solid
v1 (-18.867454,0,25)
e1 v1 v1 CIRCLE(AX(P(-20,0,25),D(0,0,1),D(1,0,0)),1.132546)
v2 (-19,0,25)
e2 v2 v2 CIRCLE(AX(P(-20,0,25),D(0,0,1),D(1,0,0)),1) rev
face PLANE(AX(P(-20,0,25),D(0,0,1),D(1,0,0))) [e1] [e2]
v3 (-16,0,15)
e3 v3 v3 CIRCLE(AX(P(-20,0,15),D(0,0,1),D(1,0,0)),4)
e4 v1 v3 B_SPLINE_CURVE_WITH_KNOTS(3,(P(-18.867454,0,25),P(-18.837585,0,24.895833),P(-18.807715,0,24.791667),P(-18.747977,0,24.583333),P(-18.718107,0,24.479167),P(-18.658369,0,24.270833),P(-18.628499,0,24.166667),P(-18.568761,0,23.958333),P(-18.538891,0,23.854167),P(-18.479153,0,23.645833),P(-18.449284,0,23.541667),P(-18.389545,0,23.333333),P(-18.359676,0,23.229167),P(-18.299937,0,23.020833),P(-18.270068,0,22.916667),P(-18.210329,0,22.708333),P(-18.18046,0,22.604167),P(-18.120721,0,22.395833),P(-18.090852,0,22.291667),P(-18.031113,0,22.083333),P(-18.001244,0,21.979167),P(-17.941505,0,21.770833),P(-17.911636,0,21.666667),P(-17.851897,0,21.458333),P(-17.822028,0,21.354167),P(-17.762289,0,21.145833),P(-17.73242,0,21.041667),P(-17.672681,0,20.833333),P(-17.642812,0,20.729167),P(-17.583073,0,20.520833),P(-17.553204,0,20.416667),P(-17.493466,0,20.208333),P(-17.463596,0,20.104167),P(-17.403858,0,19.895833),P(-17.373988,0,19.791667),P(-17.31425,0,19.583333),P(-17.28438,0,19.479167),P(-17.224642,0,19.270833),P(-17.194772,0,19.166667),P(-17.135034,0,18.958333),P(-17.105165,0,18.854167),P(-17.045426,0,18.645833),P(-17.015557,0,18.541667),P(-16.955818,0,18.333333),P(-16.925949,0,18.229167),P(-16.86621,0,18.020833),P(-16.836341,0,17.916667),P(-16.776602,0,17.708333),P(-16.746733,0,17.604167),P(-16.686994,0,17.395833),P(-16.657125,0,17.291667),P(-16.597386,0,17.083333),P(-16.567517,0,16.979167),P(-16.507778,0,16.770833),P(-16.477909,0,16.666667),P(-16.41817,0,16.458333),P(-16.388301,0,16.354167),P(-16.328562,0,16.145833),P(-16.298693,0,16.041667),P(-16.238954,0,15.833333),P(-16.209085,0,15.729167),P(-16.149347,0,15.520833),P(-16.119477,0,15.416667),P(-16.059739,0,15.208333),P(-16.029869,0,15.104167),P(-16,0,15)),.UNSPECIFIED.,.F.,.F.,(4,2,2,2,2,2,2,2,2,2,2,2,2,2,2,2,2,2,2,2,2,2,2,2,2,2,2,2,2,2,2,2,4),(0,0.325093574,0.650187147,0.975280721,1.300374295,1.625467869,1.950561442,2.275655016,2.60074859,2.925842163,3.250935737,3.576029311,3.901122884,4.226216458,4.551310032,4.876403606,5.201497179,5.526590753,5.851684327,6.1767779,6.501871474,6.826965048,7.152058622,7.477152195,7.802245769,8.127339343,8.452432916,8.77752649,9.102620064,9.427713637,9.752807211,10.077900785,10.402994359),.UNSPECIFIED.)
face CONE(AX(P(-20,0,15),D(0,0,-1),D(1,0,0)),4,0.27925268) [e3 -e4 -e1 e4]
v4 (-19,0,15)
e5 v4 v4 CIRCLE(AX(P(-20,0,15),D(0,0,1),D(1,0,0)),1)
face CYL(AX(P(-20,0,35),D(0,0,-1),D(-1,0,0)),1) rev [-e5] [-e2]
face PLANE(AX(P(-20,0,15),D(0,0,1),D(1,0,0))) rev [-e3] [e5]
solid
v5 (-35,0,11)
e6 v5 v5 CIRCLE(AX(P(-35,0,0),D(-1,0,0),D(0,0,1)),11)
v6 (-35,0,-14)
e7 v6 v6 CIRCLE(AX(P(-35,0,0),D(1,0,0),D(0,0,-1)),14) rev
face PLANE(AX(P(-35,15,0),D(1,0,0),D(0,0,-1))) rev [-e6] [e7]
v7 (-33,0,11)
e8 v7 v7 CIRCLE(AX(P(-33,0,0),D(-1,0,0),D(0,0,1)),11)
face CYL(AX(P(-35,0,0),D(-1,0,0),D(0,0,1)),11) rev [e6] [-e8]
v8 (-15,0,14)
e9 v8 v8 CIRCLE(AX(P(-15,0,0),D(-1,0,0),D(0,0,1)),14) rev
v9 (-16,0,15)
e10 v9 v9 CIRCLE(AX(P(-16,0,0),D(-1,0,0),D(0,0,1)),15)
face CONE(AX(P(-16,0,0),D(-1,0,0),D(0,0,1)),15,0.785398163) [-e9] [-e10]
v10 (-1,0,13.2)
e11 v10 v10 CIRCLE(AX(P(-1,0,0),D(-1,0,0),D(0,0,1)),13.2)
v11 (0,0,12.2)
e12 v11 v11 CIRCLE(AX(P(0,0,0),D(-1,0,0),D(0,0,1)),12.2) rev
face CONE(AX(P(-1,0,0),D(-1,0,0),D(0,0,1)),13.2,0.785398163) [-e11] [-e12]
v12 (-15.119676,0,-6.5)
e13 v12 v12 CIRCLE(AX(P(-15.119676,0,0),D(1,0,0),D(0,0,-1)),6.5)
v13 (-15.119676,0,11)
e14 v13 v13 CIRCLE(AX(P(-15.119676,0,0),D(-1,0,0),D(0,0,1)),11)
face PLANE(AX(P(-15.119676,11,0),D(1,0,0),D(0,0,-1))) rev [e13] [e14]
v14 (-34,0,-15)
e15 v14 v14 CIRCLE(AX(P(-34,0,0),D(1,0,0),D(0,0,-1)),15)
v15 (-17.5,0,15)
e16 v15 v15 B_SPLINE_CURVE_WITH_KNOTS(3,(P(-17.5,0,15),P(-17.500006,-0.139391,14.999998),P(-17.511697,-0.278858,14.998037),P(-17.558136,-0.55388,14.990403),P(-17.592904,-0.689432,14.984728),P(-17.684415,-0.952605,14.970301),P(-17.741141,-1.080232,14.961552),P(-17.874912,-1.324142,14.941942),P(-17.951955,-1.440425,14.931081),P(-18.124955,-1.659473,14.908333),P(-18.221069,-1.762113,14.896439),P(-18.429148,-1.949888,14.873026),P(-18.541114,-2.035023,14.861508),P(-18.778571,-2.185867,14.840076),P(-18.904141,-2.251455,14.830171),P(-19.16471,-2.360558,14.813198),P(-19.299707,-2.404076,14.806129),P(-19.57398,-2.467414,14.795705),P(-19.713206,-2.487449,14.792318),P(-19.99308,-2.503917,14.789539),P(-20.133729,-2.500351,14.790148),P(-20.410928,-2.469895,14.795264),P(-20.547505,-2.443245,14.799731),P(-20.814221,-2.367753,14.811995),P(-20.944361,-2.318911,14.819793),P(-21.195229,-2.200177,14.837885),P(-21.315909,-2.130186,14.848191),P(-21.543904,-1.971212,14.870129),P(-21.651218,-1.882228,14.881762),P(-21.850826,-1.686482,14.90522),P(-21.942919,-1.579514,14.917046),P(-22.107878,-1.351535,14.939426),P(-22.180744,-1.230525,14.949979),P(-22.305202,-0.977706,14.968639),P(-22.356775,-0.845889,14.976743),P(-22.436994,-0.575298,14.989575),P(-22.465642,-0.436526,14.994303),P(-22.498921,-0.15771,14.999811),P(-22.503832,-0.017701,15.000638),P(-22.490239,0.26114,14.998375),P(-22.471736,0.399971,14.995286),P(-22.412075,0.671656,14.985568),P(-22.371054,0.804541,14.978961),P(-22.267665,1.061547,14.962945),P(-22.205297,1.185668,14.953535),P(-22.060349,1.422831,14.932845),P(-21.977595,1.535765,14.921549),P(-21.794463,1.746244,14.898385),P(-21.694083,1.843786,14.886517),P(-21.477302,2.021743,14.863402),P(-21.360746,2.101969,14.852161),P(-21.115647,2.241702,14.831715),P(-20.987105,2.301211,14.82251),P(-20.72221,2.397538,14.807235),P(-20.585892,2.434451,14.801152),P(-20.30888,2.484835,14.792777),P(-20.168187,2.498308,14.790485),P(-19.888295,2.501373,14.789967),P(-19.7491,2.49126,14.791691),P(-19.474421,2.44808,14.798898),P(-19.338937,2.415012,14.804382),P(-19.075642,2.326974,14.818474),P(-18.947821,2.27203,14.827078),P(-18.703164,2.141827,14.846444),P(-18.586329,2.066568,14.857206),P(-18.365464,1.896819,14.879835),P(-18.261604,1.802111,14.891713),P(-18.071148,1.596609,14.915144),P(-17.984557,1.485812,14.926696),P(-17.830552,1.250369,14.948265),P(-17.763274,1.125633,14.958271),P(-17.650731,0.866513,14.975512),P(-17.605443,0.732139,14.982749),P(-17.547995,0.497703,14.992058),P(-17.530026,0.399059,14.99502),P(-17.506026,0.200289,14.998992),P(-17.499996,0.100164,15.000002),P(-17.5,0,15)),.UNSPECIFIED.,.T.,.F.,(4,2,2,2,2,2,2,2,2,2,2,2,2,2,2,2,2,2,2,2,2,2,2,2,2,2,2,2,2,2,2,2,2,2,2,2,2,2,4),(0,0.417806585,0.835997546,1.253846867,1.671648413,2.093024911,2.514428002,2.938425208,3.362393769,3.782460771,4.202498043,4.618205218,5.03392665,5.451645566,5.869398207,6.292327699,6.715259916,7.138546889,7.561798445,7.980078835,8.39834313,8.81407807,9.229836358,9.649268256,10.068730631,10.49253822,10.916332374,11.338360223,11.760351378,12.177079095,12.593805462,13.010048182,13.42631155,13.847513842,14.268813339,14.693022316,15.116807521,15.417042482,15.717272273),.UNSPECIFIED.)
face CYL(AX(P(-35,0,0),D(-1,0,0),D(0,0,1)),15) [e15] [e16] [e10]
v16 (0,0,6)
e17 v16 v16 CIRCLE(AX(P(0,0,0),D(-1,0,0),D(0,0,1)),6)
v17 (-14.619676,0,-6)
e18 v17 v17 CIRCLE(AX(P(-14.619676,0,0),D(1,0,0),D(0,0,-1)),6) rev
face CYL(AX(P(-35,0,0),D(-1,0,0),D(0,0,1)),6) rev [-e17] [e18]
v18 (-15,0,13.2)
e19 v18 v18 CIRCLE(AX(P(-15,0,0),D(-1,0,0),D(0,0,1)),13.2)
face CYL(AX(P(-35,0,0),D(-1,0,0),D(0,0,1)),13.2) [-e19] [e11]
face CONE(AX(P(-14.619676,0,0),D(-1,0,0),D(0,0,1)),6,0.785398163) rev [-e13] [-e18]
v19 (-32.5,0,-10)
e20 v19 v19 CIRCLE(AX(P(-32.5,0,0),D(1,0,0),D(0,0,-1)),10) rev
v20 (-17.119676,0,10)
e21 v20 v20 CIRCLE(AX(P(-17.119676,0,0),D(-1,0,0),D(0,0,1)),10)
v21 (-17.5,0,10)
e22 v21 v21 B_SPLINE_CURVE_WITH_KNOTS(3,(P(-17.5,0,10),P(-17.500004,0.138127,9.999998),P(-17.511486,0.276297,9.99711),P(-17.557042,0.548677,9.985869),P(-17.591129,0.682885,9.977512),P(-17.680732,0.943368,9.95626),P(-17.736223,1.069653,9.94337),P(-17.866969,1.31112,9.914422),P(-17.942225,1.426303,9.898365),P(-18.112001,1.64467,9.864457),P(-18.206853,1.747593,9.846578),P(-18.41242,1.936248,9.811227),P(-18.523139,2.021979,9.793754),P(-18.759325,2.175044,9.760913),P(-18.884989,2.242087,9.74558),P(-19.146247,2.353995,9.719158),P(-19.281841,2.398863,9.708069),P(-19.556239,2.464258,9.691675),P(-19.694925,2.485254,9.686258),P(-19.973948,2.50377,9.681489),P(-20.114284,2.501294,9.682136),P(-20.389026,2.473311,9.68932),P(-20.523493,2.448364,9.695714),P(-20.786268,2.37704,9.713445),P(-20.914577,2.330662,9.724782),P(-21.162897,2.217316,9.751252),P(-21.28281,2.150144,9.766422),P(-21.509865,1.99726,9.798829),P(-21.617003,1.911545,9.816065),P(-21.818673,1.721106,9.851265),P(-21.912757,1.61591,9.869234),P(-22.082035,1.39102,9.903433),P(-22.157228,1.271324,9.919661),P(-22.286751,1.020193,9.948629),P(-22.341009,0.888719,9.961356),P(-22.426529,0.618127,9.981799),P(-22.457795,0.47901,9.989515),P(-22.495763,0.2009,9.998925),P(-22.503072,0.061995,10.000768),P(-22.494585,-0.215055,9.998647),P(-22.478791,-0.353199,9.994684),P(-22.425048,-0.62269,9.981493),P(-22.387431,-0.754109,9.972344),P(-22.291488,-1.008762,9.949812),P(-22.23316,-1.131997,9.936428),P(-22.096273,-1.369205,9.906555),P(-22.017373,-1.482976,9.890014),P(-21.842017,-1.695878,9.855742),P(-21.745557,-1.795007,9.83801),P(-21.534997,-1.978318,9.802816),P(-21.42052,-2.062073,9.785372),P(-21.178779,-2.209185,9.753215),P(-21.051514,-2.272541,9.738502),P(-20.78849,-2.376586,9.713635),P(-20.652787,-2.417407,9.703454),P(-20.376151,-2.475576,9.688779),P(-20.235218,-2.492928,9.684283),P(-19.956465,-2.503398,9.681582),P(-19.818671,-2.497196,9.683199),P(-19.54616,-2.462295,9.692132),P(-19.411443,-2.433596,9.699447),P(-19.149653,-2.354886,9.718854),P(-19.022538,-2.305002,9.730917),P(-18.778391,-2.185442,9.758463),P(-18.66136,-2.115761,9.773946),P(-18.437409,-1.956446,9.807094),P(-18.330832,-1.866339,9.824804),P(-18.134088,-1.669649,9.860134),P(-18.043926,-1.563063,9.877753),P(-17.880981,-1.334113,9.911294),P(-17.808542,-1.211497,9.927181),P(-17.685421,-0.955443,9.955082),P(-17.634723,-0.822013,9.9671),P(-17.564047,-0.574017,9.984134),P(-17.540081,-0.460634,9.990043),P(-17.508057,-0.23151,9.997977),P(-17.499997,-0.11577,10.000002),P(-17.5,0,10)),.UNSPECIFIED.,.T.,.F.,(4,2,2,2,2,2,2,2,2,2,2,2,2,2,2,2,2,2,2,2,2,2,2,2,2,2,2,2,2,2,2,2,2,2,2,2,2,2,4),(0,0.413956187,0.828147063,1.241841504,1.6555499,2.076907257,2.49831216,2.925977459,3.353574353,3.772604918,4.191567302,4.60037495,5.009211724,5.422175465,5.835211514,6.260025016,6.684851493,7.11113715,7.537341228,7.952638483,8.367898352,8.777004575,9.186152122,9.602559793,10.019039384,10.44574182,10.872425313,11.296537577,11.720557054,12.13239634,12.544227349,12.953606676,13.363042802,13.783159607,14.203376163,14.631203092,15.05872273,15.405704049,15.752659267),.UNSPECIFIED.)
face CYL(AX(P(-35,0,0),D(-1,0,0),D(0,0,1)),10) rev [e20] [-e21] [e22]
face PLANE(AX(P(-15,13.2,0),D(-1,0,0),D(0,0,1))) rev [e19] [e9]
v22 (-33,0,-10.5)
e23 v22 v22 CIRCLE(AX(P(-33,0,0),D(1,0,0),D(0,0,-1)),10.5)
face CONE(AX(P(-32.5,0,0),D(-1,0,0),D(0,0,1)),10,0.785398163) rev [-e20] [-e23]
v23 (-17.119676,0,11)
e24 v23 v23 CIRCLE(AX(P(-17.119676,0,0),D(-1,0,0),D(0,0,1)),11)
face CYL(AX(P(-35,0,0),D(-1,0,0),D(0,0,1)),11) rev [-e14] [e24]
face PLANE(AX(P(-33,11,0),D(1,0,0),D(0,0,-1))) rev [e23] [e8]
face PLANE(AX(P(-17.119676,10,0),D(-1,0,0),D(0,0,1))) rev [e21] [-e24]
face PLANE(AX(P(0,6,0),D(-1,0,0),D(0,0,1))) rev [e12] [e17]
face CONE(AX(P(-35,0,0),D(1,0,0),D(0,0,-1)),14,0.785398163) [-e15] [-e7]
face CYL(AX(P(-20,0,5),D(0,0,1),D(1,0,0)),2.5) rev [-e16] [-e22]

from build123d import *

# Parameters (mm, degrees)
CHAMFER1_SIZE  = 0.5
CHAMFER2_SIZE  = 0.5
CHAMFER3_SIZE  = 1
SKETCH2_R      = 2.5
EXTRUDE1_DEPTH = 10
SKETCH3_R      = 4
EXTRUDE2_DEPTH = 10
EXTRUDE2_TAPER = 16
SKETCH4_R      = 1
EXTRUDE3_DEPTH = 20


with BuildPart() as part:
    # Sketch1 → Revolve1 (revolve)
    with BuildSketch(Plane.XY, mode=Mode.PRIVATE) as revolve1_sk:
        Polygon((0, 6), (0, 13.2), (-15, 13.2), (-15, 15), (-35, 15), (-35, 11), (-33, 11), (-33, 10), (-17.11967558, 10), (-17.11967558, 11), (-15.11967558, 11), (-15.11967558, 6), align=None)
    revolve(revolve1_sk.sketch.rotate(Axis((-35, 0, 0), (1, 0, 0)), 90), axis=Axis((-35, 0, 0), (1, 0, 0)))

    # Chamfer1
    chamfer1_edges = [part.edges().sort_by_distance(p)[0] for p in [
        (-33, 0, -10),
    ]]
    chamfer(chamfer1_edges, length=CHAMFER1_SIZE)

    # Chamfer2
    chamfer2_edges = [part.edges().sort_by_distance(p)[0] for p in [
        (-15.11967558, 0, -6),
    ]]
    chamfer(chamfer2_edges, length=CHAMFER2_SIZE)

    # Chamfer3
    chamfer3_edges = [part.edges().sort_by_distance(p)[0] for p in [
        (0, 0, -13.2),
        (-15, 0, -15),
        (-35, 0, -15),
    ]]
    chamfer(chamfer3_edges, length=CHAMFER3_SIZE)

    # Sketch2 → Extrude1 (cut)
    with BuildSketch(Plane.XY.offset(15)):
        with Locations((-20, 0)):
            Circle(SKETCH2_R)
    extrude(amount=-EXTRUDE1_DEPTH, mode=Mode.SUBTRACT)


with BuildPart() as body_2:
    # Sketch3 → Extrude2 (new body)
    with BuildSketch(Plane.XY.offset(15)):
        with Locations((-20, 0)):
            Circle(SKETCH3_R)
    extrude(amount=EXTRUDE2_DEPTH, taper=EXTRUDE2_TAPER)

    # Sketch4 → Extrude3 (cut)
    with BuildSketch(Plane.XY.offset(15)):
        with Locations((-20, 0)):
            Circle(SKETCH4_R)
    extrude(amount=EXTRUDE3_DEPTH, mode=Mode.SUBTRACT)


solid = Compound([part.part, body_2.part])
